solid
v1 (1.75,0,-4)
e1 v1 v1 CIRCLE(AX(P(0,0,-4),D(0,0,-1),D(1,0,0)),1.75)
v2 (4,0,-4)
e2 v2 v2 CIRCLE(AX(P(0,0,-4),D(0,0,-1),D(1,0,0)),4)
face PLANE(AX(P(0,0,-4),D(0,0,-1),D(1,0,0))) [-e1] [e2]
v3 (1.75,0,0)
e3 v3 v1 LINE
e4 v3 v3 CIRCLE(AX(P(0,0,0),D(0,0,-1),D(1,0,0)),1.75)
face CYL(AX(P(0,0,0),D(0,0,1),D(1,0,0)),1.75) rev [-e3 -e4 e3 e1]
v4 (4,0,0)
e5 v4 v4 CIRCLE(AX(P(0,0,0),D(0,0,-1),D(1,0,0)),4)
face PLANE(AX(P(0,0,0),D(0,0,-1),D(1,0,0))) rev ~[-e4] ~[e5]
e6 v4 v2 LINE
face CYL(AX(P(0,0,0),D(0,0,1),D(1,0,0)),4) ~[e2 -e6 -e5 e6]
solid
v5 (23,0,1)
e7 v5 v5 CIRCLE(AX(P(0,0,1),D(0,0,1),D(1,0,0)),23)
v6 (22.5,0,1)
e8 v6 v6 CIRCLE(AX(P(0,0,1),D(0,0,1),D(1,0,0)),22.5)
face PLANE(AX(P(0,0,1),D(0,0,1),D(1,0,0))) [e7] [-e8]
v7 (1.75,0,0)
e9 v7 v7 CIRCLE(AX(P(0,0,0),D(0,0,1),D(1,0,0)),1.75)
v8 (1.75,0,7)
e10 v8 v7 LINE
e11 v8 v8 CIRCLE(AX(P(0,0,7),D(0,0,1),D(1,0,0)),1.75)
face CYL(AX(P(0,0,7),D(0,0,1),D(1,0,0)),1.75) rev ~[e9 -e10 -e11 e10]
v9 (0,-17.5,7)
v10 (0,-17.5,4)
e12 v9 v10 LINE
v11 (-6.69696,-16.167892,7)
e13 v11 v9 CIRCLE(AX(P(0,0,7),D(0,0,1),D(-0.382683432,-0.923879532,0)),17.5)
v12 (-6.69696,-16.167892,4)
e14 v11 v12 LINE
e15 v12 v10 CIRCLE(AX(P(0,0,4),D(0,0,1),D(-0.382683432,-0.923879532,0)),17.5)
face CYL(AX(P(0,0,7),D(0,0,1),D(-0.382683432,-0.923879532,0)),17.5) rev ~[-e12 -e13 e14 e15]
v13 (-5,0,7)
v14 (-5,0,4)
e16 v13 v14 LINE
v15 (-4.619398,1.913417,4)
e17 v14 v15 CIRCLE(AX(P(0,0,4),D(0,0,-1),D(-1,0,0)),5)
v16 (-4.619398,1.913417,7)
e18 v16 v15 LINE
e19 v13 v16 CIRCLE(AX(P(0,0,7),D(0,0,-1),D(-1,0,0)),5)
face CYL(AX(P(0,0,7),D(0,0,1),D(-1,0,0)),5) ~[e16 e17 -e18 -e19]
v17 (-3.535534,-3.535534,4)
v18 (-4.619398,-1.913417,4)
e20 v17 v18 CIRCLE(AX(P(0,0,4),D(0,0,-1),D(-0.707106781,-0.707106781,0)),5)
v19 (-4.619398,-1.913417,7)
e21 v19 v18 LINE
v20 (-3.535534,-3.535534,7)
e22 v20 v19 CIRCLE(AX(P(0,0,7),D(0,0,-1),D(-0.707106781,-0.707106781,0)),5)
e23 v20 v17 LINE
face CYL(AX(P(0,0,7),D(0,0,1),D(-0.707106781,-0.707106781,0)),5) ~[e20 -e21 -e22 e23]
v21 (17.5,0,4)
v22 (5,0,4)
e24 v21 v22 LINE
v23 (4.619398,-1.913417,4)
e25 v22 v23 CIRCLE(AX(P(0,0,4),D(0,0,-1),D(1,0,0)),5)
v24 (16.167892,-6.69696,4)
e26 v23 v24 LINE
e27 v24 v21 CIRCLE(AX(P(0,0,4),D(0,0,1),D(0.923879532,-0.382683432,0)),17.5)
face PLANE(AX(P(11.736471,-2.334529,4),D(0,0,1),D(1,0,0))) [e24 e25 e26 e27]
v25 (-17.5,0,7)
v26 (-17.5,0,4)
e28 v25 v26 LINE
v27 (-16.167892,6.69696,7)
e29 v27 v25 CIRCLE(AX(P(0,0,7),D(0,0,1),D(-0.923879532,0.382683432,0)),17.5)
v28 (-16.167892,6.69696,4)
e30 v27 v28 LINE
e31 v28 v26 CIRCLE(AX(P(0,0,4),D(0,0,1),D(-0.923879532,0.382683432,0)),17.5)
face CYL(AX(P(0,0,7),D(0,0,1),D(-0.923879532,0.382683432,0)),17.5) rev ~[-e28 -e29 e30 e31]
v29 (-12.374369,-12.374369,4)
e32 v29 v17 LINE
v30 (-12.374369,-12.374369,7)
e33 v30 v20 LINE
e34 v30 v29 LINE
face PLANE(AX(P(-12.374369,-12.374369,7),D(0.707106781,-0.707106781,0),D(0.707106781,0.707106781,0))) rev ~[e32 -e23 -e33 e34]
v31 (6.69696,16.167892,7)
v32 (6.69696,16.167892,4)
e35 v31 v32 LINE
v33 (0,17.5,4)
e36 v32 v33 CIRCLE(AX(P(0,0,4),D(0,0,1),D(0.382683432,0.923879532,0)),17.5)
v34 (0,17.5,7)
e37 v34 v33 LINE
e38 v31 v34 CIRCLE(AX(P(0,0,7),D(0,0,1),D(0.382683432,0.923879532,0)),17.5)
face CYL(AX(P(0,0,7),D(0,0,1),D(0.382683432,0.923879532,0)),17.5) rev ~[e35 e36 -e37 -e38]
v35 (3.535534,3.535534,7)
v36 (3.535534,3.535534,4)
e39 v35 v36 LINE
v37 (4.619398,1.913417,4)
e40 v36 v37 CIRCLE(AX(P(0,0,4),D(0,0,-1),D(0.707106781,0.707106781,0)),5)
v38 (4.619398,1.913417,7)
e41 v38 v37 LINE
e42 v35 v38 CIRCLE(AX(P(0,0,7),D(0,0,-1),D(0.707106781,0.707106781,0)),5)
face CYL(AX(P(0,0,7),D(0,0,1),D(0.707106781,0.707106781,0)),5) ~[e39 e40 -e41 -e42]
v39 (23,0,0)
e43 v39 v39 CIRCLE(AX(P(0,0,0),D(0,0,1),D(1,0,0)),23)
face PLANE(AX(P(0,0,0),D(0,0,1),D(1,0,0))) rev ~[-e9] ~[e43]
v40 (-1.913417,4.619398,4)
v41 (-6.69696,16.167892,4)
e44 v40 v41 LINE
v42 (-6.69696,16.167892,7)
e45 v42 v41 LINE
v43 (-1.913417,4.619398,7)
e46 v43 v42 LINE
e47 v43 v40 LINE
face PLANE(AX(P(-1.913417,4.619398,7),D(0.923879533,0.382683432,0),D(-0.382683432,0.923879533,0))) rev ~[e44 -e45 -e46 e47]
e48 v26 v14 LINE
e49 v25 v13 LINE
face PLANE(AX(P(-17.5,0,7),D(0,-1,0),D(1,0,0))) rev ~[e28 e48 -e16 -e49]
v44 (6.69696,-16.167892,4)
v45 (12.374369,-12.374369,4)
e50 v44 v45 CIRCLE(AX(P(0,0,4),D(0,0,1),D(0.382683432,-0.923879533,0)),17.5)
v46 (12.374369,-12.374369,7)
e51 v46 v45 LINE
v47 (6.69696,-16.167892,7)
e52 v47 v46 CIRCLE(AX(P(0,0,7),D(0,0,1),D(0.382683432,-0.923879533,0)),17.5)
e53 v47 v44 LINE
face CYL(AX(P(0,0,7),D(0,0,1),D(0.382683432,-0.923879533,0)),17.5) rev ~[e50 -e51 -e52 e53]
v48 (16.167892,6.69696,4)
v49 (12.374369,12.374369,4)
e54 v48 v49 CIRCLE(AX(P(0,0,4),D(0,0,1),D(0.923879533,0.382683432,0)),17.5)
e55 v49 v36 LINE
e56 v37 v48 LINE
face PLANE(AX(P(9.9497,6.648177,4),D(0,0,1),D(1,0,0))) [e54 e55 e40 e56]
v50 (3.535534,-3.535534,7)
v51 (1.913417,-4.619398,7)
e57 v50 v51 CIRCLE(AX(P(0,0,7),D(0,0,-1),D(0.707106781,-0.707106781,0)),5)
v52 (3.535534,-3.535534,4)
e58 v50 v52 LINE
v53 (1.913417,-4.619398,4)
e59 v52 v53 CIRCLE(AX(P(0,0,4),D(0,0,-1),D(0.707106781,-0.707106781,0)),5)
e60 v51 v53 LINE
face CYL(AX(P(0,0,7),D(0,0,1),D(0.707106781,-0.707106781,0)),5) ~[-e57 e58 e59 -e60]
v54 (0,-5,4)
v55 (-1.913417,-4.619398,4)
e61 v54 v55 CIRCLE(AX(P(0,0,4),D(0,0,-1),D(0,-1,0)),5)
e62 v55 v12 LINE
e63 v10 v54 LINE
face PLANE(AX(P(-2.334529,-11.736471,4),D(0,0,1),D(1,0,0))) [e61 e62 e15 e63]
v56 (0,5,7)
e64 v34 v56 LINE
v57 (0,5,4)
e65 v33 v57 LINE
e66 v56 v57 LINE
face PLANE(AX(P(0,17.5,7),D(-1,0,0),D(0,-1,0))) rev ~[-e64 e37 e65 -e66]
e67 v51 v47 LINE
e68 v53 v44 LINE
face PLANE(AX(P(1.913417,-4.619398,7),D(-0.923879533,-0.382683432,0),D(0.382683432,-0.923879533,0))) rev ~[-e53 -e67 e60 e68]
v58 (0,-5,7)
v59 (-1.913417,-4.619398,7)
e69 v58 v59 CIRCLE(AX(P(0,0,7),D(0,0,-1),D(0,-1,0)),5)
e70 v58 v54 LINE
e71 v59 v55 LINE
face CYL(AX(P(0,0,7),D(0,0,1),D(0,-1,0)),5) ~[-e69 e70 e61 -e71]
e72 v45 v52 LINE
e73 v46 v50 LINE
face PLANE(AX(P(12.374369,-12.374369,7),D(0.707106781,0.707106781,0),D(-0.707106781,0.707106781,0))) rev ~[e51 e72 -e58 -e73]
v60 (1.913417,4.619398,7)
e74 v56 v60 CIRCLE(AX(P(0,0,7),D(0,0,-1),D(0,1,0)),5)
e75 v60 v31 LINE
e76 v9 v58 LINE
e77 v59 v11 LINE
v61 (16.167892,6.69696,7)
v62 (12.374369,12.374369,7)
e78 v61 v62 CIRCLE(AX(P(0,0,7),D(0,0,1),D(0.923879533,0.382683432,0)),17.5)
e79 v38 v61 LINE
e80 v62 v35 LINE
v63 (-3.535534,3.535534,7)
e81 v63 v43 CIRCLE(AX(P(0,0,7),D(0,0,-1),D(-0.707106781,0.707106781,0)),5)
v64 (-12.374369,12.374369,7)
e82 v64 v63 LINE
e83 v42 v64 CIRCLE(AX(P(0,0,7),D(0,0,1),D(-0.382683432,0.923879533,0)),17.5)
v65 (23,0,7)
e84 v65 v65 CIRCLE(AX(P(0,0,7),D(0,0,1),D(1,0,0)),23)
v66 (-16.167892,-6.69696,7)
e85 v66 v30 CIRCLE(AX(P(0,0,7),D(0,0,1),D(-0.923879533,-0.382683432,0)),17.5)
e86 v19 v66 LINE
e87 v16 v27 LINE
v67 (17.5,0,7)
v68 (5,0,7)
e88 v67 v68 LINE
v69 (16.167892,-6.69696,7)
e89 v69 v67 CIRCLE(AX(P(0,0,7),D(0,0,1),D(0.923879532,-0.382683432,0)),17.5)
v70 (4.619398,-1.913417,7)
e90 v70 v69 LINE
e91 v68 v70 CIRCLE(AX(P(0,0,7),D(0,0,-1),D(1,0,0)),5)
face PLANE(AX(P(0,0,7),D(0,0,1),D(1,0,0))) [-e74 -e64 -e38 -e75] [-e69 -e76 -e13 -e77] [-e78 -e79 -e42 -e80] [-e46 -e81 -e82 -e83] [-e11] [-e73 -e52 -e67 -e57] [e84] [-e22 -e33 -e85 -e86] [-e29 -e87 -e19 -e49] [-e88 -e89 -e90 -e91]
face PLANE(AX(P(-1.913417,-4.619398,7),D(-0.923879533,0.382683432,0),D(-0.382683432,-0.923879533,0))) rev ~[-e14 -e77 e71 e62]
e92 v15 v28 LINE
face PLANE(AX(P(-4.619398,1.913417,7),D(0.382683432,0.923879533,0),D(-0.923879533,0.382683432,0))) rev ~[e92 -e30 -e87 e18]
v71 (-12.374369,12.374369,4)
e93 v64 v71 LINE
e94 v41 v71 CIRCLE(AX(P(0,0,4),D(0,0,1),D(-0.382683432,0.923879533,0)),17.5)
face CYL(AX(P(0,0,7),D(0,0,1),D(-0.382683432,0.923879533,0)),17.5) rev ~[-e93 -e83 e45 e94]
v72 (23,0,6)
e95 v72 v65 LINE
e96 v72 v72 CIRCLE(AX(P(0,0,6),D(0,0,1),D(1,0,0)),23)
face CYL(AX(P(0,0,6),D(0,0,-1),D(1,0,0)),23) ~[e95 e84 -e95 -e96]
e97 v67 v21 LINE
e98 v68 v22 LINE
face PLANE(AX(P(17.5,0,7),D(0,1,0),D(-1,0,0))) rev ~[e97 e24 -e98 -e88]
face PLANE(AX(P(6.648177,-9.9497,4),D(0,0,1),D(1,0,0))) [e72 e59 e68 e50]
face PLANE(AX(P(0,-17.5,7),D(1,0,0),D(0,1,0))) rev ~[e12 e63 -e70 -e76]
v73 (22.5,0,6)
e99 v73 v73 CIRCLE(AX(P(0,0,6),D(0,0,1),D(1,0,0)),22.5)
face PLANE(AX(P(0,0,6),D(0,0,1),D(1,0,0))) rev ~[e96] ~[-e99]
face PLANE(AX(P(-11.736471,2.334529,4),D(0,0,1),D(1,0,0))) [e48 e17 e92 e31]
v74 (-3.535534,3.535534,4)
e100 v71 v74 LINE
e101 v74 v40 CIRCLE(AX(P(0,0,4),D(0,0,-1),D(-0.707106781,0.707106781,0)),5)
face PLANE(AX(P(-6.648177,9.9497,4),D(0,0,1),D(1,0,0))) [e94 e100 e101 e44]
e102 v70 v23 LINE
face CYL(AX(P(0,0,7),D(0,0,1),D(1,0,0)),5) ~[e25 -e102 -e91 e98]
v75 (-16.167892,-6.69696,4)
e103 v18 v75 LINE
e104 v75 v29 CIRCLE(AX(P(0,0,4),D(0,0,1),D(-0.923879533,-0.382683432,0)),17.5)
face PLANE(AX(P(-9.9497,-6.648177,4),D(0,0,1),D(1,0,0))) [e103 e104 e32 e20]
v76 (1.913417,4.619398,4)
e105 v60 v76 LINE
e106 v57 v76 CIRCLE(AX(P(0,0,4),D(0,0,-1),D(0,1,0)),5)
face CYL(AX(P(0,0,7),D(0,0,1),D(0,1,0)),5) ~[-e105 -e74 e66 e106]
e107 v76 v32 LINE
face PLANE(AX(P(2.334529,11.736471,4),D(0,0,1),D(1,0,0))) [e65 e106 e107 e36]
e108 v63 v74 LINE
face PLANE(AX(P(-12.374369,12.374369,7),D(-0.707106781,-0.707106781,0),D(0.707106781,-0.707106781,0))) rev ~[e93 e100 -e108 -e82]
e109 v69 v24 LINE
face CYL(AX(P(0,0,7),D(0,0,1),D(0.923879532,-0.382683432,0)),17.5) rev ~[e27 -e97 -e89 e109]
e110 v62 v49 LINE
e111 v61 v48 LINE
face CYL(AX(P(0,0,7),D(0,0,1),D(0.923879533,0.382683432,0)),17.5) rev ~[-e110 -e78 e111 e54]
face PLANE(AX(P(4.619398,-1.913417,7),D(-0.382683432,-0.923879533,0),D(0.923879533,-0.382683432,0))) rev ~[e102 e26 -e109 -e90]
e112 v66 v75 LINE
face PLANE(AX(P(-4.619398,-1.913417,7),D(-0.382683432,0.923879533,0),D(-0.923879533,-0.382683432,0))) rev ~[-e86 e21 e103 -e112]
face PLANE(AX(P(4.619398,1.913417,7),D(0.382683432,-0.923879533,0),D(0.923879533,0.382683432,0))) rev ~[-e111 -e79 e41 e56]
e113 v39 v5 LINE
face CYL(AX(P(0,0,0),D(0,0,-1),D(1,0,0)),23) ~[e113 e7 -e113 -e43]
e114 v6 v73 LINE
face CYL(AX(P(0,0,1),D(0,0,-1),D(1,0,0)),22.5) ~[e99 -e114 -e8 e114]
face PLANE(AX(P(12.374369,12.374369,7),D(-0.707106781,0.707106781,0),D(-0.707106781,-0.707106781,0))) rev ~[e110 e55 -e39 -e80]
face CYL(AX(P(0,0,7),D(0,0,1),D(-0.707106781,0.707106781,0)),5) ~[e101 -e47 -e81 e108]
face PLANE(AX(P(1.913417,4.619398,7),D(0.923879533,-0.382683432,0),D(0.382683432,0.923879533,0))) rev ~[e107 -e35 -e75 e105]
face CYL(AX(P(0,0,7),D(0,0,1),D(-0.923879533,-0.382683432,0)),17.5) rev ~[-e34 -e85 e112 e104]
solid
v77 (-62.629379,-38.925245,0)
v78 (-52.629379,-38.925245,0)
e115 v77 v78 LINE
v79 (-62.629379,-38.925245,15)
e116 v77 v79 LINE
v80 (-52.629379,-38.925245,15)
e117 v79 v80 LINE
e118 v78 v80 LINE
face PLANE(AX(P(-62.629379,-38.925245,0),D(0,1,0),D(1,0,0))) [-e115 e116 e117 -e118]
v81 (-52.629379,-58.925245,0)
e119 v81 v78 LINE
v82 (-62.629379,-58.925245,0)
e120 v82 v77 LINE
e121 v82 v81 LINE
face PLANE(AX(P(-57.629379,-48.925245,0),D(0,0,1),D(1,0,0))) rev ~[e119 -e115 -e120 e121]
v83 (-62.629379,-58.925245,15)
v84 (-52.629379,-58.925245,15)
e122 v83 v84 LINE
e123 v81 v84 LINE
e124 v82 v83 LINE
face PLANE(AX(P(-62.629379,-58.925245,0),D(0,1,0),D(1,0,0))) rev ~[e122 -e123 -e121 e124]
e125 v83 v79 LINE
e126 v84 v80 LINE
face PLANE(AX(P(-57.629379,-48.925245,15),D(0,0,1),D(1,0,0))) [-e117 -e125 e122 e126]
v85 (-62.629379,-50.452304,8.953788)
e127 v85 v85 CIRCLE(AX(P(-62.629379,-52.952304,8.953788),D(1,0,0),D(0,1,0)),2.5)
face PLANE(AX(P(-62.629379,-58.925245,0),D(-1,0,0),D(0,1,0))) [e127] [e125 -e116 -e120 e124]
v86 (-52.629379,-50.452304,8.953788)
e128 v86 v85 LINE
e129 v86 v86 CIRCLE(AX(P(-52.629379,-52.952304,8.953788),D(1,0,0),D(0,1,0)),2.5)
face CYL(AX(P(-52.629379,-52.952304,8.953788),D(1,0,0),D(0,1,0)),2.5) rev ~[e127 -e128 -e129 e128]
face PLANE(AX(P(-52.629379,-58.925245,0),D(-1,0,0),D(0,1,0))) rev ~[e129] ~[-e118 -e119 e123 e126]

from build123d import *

# Parameters (mm, degrees)
F0_R      = 23
F1_DEPTH  = 1
F2_R      = 22.5
F3_DEPTH  = 5
F4_R      = 23
F4_R_2    = 22.5
F5_DEPTH  = 1
F6_R      = 1.75
F7_DEPTH  = 25
F9_DEPTH  = 3
F10_R     = 4
F10_R_2   = 1.75
F11_DEPTH = 4
F12_W     = 10
F12_H     = 20
F13_DEPTH = 15
F14_R     = 2.5
F15_DEPTH = 25


with BuildPart() as f1:
    # F0 (on Top) → F1 (new body)
    with BuildSketch(Plane.XY):
        Circle(F0_R)
    extrude(amount=F1_DEPTH)

    # F2 (on face) → F3 (join)
    with BuildSketch(Plane.XY.offset(1)):
        Circle(F2_R)
    extrude(amount=F3_DEPTH)

    # F4 (on face) → F5 (join)
    with BuildSketch(Plane.XY.offset(6)):
        Circle(F4_R)
        Circle(F4_R_2, mode=Mode.SUBTRACT)
        Circle(F4_R_2)
    extrude(amount=F5_DEPTH)

    # F6 (on face) → F7 (cut)
    with BuildSketch(Plane.XY.offset(7)):
        Circle(F6_R)
    extrude(amount=-F7_DEPTH, mode=Mode.SUBTRACT)

    # F8 (on face) → F9 (cut)
    with BuildSketch(Plane.XY.offset(7)):
        with BuildLine():
            ThreePointArc((0, 5), (0.9754516101, 4.903926402), (1.9134171618, 4.6193976626))
            Line((1.9134171618, 4.6193976626), (6.6969600664, 16.1678918189))
            ThreePointArc((6.6969600664, 16.1678918189), (3.4140806353, 17.1637424071), (0, 17.5))
            Line((0, 17.5), (0, 5))
        make_face()
        with BuildLine():
            ThreePointArc((3.5355339059, 3.5355339059), (4.1573480615, 2.7778511651), (4.6193976626, 1.9134171618))
            Line((4.6193976626, 1.9134171618), (16.1678918189, 6.6969600664))
            ThreePointArc((16.1678918189, 6.6969600664), (14.5507182153, 9.7224790778), (12.3743686708, 12.3743686708))
            Line((12.3743686708, 12.3743686708), (3.5355339059, 3.5355339059))
        make_face()
        with BuildLine():
            Line((17.5, 0), (5, 0))
            ThreePointArc((5, 0), (4.903926402, -0.9754516101), (4.6193976626, -1.9134171618))
            Line((4.6193976626, -1.9134171618), (16.1678918189, -6.6969600664))
            ThreePointArc((16.1678918189, -6.6969600664), (17.1637424071, -3.4140806353), (17.5, 0))
        make_face()
        with BuildLine():
            Line((12.3743686708, -12.3743686708), (3.5355339059, -3.5355339059))
            ThreePointArc((3.5355339059, -3.5355339059), (2.7778511651, -4.1573480615), (1.9134171618, -4.6193976626))
            Line((1.9134171618, -4.6193976626), (6.6969600664, -16.1678918189))
            ThreePointArc((6.6969600664, -16.1678918189), (9.7224790778, -14.5507182153), (12.3743686708, -12.3743686708))
        make_face()
        with BuildLine():
            Line((0, -17.5), (0, -5))
            ThreePointArc((0, -5), (-0.9754516101, -4.903926402), (-1.9134171618, -4.6193976626))
            Line((-1.9134171618, -4.6193976626), (-6.6969600664, -16.1678918189))
            ThreePointArc((-6.6969600664, -16.1678918189), (-3.4140806353, -17.1637424071), (0, -17.5))
        make_face()
        with BuildLine():
            ThreePointArc((-3.5355339059, -3.5355339059), (-4.1573480615, -2.7778511651), (-4.6193976626, -1.9134171618))
            Line((-4.6193976626, -1.9134171618), (-16.1678918189, -6.6969600664))
            ThreePointArc((-16.1678918189, -6.6969600664), (-14.5507182153, -9.7224790778), (-12.3743686708, -12.3743686708))
            Line((-12.3743686708, -12.3743686708), (-3.5355339059, -3.5355339059))
        make_face()
        with BuildLine():
            ThreePointArc((-5, 0), (-4.903926402, 0.9754516101), (-4.6193976626, 1.9134171618))
            Line((-4.6193976626, 1.9134171618), (-16.1678918189, 6.6969600664))
            ThreePointArc((-16.1678918189, 6.6969600664), (-17.1637424071, 3.4140806353), (-17.5, 0))
            Line((-17.5, 0), (-5, 0))
        make_face()
        with BuildLine():
            ThreePointArc((-3.5355339059, 3.5355339059), (-2.7778511651, 4.1573480615), (-1.9134171618, 4.6193976626))
            Line((-1.9134171618, 4.6193976626), (-6.6969600664, 16.1678918189))
            ThreePointArc((-6.6969600664, 16.1678918189), (-9.7224790778, 14.5507182153), (-12.3743686708, 12.3743686708))
            Line((-12.3743686708, 12.3743686708), (-3.5355339059, 3.5355339059))
        make_face()
    extrude(amount=-F9_DEPTH, mode=Mode.SUBTRACT)


with BuildPart() as f11:
    # F10 (on face) → F11 (new body)
    with BuildSketch(Plane(origin=(0, 0, 0), x_dir=(1, 0, 0), z_dir=(0, 0, -1))):
        Circle(F10_R)
        Circle(F10_R_2, mode=Mode.SUBTRACT)
    extrude(amount=F11_DEPTH)


with BuildPart() as f13:
    # F12 (on Top) → F13 (new body)
    with BuildSketch(Plane.XY):
        with Locations((-57.6293793321, -48.9252449572)):
            Rectangle(F12_W, F12_H)
    extrude(amount=F13_DEPTH)

    # F14 (on face) → F15 (cut)
    with BuildSketch(Plane.YZ.offset(-52.6293793321)):
        with Locations((-52.9523044825, 8.9537883177)):
            Circle(F14_R)
    extrude(amount=-F15_DEPTH, mode=Mode.SUBTRACT)


solid = Compound([f1.part, f11.part, f13.part])
